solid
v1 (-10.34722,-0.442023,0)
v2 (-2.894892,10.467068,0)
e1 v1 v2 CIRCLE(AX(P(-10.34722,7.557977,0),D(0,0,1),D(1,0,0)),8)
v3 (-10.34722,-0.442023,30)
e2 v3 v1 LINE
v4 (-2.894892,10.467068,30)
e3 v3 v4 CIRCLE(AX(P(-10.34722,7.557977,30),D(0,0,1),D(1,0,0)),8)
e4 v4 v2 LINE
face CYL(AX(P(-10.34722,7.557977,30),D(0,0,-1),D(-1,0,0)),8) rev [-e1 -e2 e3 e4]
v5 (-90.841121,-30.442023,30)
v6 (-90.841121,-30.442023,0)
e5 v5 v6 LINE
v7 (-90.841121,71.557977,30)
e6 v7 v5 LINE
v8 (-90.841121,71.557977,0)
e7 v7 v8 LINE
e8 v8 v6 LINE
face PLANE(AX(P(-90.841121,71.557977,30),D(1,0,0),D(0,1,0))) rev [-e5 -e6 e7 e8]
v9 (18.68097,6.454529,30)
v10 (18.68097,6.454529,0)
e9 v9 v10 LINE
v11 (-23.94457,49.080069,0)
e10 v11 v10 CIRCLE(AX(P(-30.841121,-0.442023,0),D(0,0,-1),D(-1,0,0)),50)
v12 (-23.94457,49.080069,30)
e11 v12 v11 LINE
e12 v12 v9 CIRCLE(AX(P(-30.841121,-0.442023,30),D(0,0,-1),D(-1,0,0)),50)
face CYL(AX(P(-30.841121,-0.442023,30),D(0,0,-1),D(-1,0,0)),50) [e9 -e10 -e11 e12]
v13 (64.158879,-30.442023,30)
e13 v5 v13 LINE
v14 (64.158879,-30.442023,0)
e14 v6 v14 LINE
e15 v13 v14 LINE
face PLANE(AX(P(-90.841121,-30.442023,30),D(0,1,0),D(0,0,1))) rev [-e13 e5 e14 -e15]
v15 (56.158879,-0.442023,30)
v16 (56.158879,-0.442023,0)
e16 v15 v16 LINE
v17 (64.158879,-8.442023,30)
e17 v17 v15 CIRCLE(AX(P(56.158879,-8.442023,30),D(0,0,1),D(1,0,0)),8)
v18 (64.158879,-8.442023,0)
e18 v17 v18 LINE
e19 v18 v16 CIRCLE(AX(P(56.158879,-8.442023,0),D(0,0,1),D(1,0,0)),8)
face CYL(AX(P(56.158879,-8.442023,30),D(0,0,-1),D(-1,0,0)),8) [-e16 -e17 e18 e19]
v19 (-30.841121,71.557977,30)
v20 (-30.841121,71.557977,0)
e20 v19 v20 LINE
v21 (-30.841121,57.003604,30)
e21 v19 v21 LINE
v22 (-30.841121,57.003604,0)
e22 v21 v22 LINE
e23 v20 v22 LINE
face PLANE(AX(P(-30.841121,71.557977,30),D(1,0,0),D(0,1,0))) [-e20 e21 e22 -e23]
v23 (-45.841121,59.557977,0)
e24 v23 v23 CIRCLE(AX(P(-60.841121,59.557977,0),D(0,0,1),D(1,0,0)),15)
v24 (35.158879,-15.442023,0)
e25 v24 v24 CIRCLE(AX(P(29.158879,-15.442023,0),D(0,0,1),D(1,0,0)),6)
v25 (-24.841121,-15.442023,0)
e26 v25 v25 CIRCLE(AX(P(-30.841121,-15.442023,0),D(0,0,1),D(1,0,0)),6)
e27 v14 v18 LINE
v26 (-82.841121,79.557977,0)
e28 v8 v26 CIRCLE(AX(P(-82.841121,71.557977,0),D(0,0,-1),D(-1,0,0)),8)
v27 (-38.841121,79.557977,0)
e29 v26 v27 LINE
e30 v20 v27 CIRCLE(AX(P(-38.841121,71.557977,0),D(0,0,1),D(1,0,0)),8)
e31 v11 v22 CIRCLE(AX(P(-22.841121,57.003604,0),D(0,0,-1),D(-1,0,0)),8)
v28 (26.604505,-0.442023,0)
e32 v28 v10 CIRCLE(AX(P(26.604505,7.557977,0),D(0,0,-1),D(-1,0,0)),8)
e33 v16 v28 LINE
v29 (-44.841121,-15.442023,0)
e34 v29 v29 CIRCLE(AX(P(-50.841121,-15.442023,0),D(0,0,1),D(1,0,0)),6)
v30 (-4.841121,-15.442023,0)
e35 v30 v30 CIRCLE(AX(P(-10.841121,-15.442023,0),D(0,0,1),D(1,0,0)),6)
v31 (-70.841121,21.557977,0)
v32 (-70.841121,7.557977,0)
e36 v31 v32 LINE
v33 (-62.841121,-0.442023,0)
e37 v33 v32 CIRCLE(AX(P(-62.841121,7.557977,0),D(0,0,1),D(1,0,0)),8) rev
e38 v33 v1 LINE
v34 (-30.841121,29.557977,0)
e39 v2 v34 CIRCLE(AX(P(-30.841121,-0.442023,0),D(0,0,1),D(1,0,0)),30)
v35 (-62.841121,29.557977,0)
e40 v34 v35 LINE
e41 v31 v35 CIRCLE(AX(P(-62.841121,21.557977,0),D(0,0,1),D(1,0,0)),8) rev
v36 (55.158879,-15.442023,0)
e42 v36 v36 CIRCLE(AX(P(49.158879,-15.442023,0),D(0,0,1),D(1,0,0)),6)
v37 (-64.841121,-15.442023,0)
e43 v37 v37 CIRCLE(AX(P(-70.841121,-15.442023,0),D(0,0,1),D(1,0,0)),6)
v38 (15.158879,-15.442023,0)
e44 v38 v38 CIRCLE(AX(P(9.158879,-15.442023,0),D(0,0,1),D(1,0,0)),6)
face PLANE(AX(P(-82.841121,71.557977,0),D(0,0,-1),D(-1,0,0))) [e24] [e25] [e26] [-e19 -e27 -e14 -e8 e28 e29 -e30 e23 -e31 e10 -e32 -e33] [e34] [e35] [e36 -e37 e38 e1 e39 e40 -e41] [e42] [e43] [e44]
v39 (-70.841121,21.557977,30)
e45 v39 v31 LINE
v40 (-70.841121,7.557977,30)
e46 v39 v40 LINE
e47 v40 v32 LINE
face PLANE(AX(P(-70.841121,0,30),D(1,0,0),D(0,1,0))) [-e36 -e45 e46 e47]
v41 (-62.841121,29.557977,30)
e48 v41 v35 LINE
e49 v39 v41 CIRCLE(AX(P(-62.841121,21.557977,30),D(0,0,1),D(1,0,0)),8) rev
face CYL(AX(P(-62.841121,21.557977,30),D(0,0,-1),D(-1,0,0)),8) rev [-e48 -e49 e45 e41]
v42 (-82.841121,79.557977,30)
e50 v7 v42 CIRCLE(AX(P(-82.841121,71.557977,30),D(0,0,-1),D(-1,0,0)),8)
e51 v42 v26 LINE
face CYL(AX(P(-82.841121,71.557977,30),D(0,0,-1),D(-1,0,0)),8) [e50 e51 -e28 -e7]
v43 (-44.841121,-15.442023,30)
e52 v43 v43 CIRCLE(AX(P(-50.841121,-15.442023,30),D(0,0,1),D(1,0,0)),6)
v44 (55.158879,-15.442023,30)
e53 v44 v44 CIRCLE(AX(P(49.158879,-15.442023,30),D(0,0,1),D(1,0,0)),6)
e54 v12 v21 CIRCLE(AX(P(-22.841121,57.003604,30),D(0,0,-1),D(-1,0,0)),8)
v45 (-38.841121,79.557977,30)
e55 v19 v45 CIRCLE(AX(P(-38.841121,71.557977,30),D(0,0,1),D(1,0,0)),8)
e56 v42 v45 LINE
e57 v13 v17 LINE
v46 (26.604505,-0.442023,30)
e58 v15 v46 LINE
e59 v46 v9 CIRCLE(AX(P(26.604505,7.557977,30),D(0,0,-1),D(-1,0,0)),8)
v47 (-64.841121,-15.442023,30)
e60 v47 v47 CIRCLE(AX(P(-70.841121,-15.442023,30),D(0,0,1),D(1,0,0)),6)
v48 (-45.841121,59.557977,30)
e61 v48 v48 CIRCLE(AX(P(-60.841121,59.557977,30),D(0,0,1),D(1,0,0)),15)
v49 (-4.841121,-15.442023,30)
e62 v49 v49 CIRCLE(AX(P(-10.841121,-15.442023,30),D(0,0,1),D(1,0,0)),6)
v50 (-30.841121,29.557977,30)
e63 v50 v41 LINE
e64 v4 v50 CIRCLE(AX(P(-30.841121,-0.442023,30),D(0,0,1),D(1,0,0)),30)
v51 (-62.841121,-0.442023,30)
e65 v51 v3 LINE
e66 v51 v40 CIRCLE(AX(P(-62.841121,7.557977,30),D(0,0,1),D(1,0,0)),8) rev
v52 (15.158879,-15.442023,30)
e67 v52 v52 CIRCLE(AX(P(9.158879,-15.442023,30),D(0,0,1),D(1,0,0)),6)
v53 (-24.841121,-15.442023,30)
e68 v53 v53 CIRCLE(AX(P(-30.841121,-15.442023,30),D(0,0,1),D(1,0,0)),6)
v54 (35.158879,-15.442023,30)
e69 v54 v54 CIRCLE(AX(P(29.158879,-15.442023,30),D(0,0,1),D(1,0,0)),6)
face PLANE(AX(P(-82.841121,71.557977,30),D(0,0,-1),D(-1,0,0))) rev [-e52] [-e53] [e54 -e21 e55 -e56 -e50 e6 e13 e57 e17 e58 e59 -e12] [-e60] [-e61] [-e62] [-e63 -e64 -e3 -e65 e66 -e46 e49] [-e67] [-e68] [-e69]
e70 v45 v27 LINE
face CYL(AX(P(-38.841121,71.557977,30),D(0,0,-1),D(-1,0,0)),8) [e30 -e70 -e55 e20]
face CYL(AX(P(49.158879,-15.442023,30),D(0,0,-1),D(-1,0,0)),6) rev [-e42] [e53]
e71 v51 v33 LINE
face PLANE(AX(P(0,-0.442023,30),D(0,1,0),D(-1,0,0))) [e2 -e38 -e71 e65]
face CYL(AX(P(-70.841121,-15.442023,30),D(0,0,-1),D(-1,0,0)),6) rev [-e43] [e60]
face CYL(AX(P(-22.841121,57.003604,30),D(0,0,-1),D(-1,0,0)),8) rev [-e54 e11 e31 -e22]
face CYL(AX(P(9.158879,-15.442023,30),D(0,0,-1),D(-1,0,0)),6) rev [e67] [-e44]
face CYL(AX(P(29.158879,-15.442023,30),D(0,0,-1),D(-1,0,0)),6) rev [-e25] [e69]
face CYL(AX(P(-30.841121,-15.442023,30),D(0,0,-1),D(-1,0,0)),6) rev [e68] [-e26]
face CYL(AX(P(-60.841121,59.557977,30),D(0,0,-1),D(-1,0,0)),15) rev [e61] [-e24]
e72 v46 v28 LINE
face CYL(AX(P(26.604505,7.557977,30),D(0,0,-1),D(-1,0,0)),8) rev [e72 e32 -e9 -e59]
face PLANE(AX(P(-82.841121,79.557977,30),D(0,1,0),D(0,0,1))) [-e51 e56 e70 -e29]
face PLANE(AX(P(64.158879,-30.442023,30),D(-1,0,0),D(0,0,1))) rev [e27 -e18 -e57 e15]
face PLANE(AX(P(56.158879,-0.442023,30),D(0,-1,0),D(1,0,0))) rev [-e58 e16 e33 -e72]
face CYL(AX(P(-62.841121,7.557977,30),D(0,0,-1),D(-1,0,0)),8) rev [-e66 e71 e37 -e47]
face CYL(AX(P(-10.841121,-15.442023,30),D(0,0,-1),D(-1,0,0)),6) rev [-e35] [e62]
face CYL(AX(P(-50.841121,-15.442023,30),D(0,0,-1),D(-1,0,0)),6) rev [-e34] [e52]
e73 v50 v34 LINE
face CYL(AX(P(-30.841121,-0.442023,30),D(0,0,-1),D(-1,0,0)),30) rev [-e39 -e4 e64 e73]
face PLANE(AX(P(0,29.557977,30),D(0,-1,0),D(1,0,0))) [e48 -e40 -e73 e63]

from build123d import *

# Parameters (mm, degrees)
SKETCH2_R           = 6
SKETCH2_R_2         = 15
BOSS_EXTRUDE1_DEPTH = 30


with BuildPart() as part:
    # Sketch2 → Boss-Extrude1 (new body)
    with BuildSketch(Plane.XY):
        with BuildLine():
            Line((-90.841121495, 71.557977192), (-90.841121495, -30.442022808))
            Line((-90.841121495, -30.442022808), (64.158878505, -30.442022808))
            Line((64.158878505, -30.442022808), (64.158878505, -8.442022808))
            ThreePointArc((64.158878505, -8.442022808), (61.815732754, -2.785168558), (56.158878505, -0.442022808))
            Line((56.158878505, -0.442022808), (26.60450497, -0.442022808))
            ThreePointArc((26.60450497, -0.442022808), (21.352247656, 1.523592956), (18.680970285, 6.454528916))
            ThreePointArc((18.680970285, 6.454528916), (4.514217564, 34.913316251), (-23.944569771, 49.080068973))
            ThreePointArc((-23.944569771, 49.080068973), (-28.875505731, 51.751346343), (-30.841121495, 57.003603657))
            Line((-30.841121495, 57.003603657), (-30.841121495, 71.557977192))
            ThreePointArc((-30.841121495, 71.557977192), (-33.184267246, 77.214831442), (-38.841121495, 79.557977192))
            Line((-38.841121495, 79.557977192), (-82.841121495, 79.557977192))
            ThreePointArc((-82.841121495, 79.557977192), (-88.497975745, 77.214831442), (-90.841121495, 71.557977192))
        make_face()
        with Locations((-70.841121495, -15.442022808)):
            Circle(SKETCH2_R, mode=Mode.SUBTRACT)
        with Locations((-50.841121495, -15.442022808)):
            Circle(SKETCH2_R, mode=Mode.SUBTRACT)
        with Locations((-30.841121495, -15.442022808)):
            Circle(SKETCH2_R, mode=Mode.SUBTRACT)
        with Locations((-10.841121495, -15.442022808)):
            Circle(SKETCH2_R, mode=Mode.SUBTRACT)
        with Locations((9.158878505, -15.442022808)):
            Circle(SKETCH2_R, mode=Mode.SUBTRACT)
        with Locations((29.158878505, -15.442022808)):
            Circle(SKETCH2_R, mode=Mode.SUBTRACT)
        with Locations((49.158878505, -15.442022808)):
            Circle(SKETCH2_R, mode=Mode.SUBTRACT)
        with Locations((-60.841121495, 59.557977192)):
            Circle(SKETCH2_R_2, mode=Mode.SUBTRACT)
        with BuildLine():
            Line((-62.841121495, -0.442022808), (-10.347219963, -0.442022808))
            ThreePointArc((-10.347219963, -0.442022808), (-3.741437373, 3.045368594), (-2.894892134, 10.467068101))
            ThreePointArc((-2.894892134, 10.467068101), (-13.918839251, 24.329661907), (-30.841121495, 29.557977192))
            Line((-30.841121495, 29.557977192), (-62.841121495, 29.557977192))
            ThreePointArc((-62.841121495, 29.557977192), (-68.497975745, 27.214831442), (-70.841121495, 21.557977192))
            Line((-70.841121495, 21.557977192), (-70.841121495, 7.557977192))
            ThreePointArc((-70.841121495, 7.557977192), (-68.497975745, 1.901122943), (-62.841121495, -0.442022808))
        make_face(mode=Mode.SUBTRACT)
    extrude(amount=BOSS_EXTRUDE1_DEPTH)


solid = part.part
